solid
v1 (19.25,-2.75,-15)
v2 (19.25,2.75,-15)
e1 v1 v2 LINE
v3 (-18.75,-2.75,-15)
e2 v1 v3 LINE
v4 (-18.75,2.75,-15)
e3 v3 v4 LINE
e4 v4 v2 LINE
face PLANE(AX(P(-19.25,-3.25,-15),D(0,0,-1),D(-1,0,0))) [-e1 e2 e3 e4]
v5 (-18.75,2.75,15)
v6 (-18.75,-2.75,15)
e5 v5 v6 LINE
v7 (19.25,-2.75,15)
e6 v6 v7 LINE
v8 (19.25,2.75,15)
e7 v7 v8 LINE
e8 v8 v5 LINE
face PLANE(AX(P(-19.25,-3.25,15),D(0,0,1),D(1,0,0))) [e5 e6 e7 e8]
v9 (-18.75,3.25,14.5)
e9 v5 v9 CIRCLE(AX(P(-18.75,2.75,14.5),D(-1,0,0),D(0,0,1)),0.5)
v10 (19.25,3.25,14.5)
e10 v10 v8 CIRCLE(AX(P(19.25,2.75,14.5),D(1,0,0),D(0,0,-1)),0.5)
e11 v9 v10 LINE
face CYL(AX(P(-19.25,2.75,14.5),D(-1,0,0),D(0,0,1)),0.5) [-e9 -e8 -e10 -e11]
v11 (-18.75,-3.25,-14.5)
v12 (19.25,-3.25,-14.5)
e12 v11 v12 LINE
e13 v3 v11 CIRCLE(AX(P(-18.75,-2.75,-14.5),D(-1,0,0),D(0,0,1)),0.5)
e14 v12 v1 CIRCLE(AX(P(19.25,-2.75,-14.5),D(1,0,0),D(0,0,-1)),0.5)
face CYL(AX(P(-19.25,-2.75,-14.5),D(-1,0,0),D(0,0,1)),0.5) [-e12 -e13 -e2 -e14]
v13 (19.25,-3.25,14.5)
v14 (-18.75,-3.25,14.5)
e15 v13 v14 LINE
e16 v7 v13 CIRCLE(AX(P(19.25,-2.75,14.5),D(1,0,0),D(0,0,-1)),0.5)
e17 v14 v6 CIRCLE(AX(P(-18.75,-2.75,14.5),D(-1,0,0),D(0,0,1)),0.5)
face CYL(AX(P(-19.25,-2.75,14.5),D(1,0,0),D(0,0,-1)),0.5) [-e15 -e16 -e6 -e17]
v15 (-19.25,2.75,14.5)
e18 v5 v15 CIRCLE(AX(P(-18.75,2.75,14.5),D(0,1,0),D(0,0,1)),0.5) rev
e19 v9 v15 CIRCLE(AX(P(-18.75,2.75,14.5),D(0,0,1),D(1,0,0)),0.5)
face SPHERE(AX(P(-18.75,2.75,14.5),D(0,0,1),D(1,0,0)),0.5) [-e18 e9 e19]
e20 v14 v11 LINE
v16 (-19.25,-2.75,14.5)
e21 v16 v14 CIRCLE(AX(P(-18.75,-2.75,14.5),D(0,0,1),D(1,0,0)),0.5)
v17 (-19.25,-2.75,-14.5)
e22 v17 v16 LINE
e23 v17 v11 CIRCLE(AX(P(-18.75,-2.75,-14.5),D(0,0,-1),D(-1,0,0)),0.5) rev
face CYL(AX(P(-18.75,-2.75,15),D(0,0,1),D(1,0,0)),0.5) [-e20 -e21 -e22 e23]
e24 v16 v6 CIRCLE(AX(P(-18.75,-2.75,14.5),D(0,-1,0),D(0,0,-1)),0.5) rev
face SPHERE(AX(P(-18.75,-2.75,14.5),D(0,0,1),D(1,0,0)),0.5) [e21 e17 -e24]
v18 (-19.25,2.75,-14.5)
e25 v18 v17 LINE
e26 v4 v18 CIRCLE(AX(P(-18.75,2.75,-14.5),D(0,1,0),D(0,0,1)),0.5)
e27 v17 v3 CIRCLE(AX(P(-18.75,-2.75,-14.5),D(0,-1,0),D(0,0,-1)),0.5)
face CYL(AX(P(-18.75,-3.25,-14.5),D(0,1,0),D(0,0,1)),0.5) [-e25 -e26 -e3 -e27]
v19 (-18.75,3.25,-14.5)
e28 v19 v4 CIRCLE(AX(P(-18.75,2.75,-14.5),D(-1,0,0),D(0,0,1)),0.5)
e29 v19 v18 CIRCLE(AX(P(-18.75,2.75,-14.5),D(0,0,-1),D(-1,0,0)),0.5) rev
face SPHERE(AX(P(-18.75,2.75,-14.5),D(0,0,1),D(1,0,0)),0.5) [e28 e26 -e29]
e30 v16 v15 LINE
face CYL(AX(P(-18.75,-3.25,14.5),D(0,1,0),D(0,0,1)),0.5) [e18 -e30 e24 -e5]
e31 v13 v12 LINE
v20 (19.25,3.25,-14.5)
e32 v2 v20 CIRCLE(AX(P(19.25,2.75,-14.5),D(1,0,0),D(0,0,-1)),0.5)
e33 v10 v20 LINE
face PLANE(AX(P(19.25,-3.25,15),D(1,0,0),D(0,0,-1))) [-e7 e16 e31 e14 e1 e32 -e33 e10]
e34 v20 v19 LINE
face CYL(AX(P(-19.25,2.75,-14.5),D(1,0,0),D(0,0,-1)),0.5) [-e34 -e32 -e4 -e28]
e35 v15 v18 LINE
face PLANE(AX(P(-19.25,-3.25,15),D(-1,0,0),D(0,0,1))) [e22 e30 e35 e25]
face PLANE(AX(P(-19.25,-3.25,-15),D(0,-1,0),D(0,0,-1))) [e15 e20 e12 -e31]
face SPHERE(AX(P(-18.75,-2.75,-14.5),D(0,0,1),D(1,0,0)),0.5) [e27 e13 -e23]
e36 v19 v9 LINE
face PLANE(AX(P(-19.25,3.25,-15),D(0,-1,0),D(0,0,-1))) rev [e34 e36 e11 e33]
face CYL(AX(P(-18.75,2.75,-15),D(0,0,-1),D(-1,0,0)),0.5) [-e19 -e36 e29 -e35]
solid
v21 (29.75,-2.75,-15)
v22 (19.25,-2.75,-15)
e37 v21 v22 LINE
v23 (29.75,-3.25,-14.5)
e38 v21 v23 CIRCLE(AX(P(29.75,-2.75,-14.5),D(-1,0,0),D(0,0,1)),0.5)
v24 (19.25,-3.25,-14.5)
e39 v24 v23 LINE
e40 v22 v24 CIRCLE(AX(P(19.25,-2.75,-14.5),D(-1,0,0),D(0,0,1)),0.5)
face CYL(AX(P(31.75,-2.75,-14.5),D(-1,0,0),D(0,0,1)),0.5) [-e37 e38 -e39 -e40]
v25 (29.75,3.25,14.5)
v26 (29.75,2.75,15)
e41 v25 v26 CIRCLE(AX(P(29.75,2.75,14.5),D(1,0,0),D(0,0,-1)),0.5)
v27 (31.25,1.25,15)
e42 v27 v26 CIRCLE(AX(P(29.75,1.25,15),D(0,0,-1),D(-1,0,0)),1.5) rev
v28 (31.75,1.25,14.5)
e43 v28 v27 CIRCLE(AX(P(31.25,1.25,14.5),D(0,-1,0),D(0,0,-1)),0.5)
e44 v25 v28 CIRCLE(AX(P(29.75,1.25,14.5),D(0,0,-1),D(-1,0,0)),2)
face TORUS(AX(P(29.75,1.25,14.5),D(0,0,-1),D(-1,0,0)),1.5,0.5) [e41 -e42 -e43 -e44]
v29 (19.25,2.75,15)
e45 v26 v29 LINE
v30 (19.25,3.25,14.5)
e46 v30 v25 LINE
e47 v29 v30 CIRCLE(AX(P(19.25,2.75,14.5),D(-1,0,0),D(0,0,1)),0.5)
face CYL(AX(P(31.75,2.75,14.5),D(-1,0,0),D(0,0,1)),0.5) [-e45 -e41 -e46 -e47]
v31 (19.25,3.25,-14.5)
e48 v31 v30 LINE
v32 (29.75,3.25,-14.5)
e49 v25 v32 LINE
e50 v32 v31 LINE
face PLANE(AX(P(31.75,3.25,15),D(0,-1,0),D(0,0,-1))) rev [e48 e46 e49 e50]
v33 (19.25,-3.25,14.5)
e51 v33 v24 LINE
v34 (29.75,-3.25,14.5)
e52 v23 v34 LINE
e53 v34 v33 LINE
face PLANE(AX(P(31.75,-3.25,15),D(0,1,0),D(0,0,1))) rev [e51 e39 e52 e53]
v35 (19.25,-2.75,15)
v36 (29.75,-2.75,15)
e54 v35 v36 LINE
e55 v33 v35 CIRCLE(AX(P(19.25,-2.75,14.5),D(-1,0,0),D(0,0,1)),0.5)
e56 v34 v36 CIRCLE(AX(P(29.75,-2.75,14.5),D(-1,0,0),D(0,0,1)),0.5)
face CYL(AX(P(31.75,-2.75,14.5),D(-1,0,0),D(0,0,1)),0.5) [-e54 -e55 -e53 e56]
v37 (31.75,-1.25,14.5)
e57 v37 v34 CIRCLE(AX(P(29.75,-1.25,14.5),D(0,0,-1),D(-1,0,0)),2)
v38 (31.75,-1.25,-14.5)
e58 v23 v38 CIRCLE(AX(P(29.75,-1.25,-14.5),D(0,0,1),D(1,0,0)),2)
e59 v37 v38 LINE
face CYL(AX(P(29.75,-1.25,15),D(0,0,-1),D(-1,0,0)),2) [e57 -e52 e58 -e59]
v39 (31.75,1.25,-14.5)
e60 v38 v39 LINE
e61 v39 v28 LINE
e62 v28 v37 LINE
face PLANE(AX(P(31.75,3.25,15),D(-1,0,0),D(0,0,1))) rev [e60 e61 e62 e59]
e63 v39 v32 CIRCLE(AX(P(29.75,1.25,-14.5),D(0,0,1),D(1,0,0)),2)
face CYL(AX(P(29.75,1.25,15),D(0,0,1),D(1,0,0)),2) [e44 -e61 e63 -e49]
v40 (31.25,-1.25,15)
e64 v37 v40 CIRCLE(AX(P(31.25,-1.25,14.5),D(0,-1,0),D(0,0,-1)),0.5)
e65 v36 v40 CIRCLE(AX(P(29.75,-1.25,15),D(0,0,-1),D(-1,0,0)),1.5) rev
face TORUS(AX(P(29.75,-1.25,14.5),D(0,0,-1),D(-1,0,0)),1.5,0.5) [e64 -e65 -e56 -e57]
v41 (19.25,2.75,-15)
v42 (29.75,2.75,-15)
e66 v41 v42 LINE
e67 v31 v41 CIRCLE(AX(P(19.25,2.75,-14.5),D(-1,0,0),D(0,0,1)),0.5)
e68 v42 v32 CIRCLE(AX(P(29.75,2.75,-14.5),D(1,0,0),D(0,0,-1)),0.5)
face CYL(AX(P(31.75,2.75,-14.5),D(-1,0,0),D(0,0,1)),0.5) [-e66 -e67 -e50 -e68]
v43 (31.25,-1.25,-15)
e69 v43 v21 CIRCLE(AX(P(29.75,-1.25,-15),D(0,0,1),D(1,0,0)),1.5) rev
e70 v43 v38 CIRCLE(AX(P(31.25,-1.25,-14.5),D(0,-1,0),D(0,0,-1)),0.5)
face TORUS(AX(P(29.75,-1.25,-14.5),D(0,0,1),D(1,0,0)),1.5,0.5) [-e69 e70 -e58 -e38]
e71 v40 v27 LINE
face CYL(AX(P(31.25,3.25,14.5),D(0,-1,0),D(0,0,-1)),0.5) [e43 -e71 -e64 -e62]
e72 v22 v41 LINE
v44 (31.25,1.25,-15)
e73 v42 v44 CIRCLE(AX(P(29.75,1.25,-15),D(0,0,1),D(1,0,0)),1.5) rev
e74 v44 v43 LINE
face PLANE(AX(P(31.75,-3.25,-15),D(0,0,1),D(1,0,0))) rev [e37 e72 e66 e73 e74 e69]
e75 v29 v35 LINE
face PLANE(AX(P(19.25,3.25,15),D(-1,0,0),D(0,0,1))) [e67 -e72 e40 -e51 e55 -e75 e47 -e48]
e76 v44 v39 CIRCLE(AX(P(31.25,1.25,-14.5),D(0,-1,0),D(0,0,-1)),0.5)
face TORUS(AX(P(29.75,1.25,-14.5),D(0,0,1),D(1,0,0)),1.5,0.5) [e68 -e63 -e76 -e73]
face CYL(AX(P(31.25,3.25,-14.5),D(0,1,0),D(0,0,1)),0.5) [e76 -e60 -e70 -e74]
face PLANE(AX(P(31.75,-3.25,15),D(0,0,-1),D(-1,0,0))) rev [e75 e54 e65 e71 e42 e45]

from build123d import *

# Parameters (mm, degrees)
BOSS_EXTRUDE1_DEPTH      = 3.25
BOSS_EXTRUDE1_DEPTH_BACK = 3.25
SKETCH1_W                = 38.5
SKETCH1_H                = 30
SKETCH4_W                = 30
SKETCH4_H                = 6.5
BOSS_EXTRUDE4_DEPTH      = 12.5
FILLET1_R                = 2
FILLET3_R                = 0.5
FILLET4_R                = 0.5


with BuildPart() as part:
    # Sketch1 → Boss-Extrude1 (new, two sides: drawn at the far end of the back side and taken through both)
    with BuildSketch(Plane(origin=(0, 0, 0), x_dir=(1, 0, 0), z_dir=(0, 1, 0)).offset(-BOSS_EXTRUDE1_DEPTH_BACK)):
        Rectangle(SKETCH1_W, SKETCH1_H)
    extrude(amount=BOSS_EXTRUDE1_DEPTH + BOSS_EXTRUDE1_DEPTH_BACK)

    # Fillet4
    fillet4_edges = [part.edges().sort_by_distance(p)[0] for p in [
        (-19.25, 3.25, 0),
        (0, 3.25, 15),
        (0, -3.25, -15),
        (0, 3.25, -15),
        (-19.25, -3.25, 0),
        (0, -3.25, 15),
        (-19.25, 0, -15),
        (-19.25, 0, 15),
    ]]
    fillet(fillet4_edges, radius=FILLET4_R)


with BuildPart() as body_2:
    # Sketch4 → Boss-Extrude4 (new body)
    with BuildSketch(Plane(origin=(19.25, 0, 0), x_dir=(0, 0, -1), z_dir=(1, 0, 0))):
        Rectangle(SKETCH4_W, SKETCH4_H)
    extrude(amount=BOSS_EXTRUDE4_DEPTH)

    # Fillet1
    fillet1_edges = [body_2.edges().sort_by_distance(p)[0] for p in [
        (31.75, 3.25, 0),
        (31.75, -3.25, 0),
    ]]
    fillet(fillet1_edges, radius=FILLET1_R)

    # Fillet3
    fillet3_edges = [body_2.edges().sort_by_distance(p)[0] for p in [
        (31.75, 0, 15),
        (31.75, 0, -15),
        (24.5, 3.25, -15),
        (24.5, -3.25, -15),
        (31.164213562, 2.664213562, -15),
        (31.164213562, -2.664213562, -15),
        (24.5, -3.25, 15),
        (24.5, 3.25, 15),
        (31.164213562, 2.664213562, 15),
        (31.164213562, -2.664213562, 15),
    ]]
    fillet(fillet3_edges, radius=FILLET3_R)


solid = Compound([part.part, body_2.part])
